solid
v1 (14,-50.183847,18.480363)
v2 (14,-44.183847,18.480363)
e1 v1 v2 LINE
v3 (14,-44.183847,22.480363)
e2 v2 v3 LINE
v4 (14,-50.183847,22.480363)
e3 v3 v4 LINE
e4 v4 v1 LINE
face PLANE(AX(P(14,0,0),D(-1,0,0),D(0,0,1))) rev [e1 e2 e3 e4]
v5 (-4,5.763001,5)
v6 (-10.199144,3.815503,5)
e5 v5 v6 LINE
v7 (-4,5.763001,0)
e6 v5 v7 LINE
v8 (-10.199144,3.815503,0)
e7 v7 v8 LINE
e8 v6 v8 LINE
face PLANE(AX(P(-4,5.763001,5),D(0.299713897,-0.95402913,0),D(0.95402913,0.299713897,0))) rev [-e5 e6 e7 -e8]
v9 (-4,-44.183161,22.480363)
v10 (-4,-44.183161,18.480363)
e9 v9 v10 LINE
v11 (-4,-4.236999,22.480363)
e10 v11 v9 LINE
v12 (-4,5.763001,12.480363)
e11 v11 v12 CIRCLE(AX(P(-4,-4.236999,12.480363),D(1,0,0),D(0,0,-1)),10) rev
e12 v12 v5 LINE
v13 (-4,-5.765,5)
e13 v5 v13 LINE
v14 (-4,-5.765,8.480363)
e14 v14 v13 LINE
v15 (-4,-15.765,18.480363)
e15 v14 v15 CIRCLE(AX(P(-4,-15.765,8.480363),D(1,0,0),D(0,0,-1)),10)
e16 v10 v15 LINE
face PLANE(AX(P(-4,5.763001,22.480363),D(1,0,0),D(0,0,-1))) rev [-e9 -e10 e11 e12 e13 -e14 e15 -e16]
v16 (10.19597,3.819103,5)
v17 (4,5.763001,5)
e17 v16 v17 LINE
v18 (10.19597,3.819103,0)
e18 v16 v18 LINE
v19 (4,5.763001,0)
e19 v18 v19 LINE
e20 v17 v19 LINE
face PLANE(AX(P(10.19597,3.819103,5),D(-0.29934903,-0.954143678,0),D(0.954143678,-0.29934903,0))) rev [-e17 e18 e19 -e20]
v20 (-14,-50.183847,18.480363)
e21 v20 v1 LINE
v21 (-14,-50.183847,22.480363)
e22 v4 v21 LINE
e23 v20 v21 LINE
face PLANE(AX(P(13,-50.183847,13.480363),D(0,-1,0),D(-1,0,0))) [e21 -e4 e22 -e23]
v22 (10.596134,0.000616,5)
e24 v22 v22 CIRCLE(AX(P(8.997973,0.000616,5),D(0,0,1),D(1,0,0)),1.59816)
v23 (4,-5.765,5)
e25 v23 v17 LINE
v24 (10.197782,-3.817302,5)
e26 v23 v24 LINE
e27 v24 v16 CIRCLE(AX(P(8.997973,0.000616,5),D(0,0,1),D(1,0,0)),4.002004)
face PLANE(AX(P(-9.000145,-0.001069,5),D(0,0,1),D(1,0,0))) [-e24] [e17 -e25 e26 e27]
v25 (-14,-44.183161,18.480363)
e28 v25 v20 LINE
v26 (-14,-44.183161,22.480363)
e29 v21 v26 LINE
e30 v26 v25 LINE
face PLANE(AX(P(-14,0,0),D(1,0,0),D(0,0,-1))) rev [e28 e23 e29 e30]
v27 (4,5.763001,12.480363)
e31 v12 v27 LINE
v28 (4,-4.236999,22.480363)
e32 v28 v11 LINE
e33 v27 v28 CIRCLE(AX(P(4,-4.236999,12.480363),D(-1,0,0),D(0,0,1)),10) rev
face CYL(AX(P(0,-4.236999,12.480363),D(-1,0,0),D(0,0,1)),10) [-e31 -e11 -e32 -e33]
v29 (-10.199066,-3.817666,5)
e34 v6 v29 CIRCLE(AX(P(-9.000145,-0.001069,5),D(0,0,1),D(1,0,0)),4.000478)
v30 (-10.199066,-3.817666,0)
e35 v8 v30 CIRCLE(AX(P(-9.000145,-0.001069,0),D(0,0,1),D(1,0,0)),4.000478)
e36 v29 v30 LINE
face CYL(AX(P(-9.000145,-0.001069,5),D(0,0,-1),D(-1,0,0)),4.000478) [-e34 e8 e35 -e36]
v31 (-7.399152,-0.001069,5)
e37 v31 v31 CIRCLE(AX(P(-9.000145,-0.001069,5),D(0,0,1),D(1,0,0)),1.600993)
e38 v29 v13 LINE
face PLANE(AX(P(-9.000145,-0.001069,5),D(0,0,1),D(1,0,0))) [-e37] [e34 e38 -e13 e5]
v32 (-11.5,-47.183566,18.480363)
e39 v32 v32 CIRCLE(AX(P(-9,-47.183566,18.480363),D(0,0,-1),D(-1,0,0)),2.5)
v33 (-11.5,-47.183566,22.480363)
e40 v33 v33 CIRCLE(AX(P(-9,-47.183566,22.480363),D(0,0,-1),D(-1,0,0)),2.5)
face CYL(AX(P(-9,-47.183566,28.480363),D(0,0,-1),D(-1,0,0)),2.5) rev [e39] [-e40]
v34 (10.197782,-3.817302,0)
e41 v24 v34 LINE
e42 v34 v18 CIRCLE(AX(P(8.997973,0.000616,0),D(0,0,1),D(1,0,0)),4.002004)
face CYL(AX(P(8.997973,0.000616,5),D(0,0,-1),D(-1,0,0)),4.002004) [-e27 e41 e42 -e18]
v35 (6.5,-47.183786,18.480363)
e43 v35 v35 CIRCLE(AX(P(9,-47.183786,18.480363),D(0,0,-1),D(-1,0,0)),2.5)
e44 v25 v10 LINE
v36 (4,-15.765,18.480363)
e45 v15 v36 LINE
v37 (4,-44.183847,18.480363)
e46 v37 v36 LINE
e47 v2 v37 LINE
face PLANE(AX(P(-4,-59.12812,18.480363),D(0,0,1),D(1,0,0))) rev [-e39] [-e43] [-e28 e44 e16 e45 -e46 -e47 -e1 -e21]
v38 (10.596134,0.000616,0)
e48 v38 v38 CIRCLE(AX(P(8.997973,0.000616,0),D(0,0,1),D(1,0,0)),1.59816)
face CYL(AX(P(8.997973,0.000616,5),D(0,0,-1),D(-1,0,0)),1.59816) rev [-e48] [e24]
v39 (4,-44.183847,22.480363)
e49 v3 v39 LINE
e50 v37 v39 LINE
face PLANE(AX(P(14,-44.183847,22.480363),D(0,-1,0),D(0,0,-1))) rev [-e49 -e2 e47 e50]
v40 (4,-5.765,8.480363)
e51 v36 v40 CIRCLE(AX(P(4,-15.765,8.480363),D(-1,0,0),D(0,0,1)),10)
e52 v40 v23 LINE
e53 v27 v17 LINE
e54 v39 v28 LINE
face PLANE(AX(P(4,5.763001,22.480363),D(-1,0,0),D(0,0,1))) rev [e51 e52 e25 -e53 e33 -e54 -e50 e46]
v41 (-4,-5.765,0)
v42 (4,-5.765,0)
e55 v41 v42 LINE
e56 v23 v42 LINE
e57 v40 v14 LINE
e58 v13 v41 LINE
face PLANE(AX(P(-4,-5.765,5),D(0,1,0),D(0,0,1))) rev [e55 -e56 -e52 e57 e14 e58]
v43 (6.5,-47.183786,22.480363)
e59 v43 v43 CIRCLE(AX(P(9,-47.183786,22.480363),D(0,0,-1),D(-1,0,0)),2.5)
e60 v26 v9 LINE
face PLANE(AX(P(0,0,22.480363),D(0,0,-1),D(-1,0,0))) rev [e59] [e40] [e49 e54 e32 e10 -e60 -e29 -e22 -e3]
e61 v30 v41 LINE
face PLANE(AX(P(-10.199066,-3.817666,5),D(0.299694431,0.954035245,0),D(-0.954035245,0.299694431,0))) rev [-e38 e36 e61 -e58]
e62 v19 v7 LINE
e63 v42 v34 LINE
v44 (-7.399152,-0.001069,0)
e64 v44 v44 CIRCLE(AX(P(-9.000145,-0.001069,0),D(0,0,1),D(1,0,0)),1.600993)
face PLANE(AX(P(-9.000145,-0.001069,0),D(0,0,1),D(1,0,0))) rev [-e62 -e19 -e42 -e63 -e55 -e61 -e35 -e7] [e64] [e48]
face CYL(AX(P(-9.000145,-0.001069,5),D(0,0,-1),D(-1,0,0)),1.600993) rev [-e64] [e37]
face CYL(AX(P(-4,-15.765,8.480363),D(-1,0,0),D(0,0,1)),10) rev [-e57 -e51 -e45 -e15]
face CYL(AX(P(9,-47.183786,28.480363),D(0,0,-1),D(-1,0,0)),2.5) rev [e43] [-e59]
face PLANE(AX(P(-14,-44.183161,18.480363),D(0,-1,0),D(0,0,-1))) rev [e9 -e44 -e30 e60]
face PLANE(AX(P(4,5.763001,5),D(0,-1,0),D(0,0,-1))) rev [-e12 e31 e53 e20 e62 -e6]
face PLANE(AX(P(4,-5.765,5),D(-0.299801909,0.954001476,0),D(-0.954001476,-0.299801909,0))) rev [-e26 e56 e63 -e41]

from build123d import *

# Parameters (mm, degrees)
ESBO_O1_R                = 1.598160281
ESBO_O1_R_2              = 1.600993429
RESSALTO_EXTRUS_O1_DEPTH = 5
ESBO_O2_W                = 8.00000038
ESBO_O2_H                = 11.528000702
RESSALTO_EXTRUS_O2_DEPTH = 17.480363
ESBO_O3_W                = 8.00000038
ESBO_O3_H                = 4
RESSALTO_EXTRUS_O3_DEPTH = 44.418848
ESBO_O4_W                = 4
ESBO_O4_H                = 6.000686184
RESSALTO_EXTRUS_O4_DEPTH = 10
ESBO_O5_W                = 4
ESBO_O5_H                = 6
RESSALTO_EXTRUS_O5_DEPTH = 10
FILETE1_R                = 10
FILETE2_R                = 10
ESBO_O6_R                = 2.5
CORTE_EXTRUS_O1_DEPTH    = 10


with BuildPart() as part:
    # Esboço1 → Ressalto-extrusão1 (new body)
    with BuildSketch(Plane.XY):
        with BuildLine():
            Line((-10.199065979, -3.817665654), (-4.00000019, -5.764999893))
            Line((-4.00000019, -5.764999893), (4.00000019, -5.764999893))
            Line((4.00000019, -5.764999893), (10.197782, -3.817301838))
            ThreePointArc((10.197782, -3.817301838), (12.999977706, 0.001566069), (10.195969576, 3.8191034))
            Line((10.195969576, 3.8191034), (4.00000019, 5.763000809))
            Line((4.00000019, 5.763000809), (-4.00000019, 5.763000809))
            Line((-4.00000019, 5.763000809), (-10.199143851, 3.815503142))
            ThreePointArc((-10.199143851, 3.815503142), (-13.000622723, -0.001109837), (-10.199065979, -3.817665654))
        make_face()
        with Locations((8.997973452, 0.000616233)):
            Circle(ESBO_O1_R, mode=Mode.SUBTRACT)
        with Locations((-9.000145119, -0.001069025)):
            Circle(ESBO_O1_R_2, mode=Mode.SUBTRACT)
    extrude(amount=RESSALTO_EXTRUS_O1_DEPTH)

    # Esboço2 → Ressalto-extrusão2 (add)
    with BuildSketch(Plane.XY.offset(5)):
        with Locations((0, -0.000999542)):
            Rectangle(ESBO_O2_W, ESBO_O2_H)
    extrude(amount=RESSALTO_EXTRUS_O2_DEPTH)

    # Esboço3 → Ressalto-extrusão3 (add)
    with BuildSketch(Plane.XZ.offset(5.764999893)):
        with Locations((0, 20.480363203)):
            Rectangle(ESBO_O3_W, ESBO_O3_H)
    extrude(amount=RESSALTO_EXTRUS_O3_DEPTH)

    # Esboço4 → Ressalto-extrusão4 (add)
    with BuildSketch(Plane.ZY.offset(4.00000019)):
        with Locations((20.480363203, -47.183504361)):
            Rectangle(ESBO_O4_W, ESBO_O4_H)
    extrude(amount=RESSALTO_EXTRUS_O4_DEPTH)

    # Esboço5 → Ressalto-extrusão5 (add)
    with BuildSketch(Plane(origin=(4.00000019, 0, 0), x_dir=(0, 0, -1), z_dir=(1, 0, 0))):
        with Locations((-20.480363203, -47.183847453)):
            Rectangle(ESBO_O5_W, ESBO_O5_H)
    extrude(amount=RESSALTO_EXTRUS_O5_DEPTH)

    # Filete1
    filete1_edges = [part.edges().sort_by_distance(p)[0] for p in [
        (0, -5.764999893, 18.480363203),
    ]]
    fillet(filete1_edges, radius=FILETE1_R)

    # Filete2
    filete2_edges = [part.edges().sort_by_distance(p)[0] for p in [
        (0, 5.763000809, 22.480363),
    ]]
    fillet(filete2_edges, radius=FILETE2_R)

    # Esboço6 → Corte-extrusão1 (cut)
    with BuildSketch(Plane(origin=(0, 0, 18.480363203), x_dir=(-1, 0, 0), z_dir=(0, 0, -1))):
        with Locations((-9.00000019, -47.183786187)):
            Circle(ESBO_O6_R)
        with Locations((9.00000019, -47.183565627)):
            Circle(ESBO_O6_R)
    extrude(amount=-CORTE_EXTRUS_O1_DEPTH, mode=Mode.SUBTRACT)


solid = part.part
